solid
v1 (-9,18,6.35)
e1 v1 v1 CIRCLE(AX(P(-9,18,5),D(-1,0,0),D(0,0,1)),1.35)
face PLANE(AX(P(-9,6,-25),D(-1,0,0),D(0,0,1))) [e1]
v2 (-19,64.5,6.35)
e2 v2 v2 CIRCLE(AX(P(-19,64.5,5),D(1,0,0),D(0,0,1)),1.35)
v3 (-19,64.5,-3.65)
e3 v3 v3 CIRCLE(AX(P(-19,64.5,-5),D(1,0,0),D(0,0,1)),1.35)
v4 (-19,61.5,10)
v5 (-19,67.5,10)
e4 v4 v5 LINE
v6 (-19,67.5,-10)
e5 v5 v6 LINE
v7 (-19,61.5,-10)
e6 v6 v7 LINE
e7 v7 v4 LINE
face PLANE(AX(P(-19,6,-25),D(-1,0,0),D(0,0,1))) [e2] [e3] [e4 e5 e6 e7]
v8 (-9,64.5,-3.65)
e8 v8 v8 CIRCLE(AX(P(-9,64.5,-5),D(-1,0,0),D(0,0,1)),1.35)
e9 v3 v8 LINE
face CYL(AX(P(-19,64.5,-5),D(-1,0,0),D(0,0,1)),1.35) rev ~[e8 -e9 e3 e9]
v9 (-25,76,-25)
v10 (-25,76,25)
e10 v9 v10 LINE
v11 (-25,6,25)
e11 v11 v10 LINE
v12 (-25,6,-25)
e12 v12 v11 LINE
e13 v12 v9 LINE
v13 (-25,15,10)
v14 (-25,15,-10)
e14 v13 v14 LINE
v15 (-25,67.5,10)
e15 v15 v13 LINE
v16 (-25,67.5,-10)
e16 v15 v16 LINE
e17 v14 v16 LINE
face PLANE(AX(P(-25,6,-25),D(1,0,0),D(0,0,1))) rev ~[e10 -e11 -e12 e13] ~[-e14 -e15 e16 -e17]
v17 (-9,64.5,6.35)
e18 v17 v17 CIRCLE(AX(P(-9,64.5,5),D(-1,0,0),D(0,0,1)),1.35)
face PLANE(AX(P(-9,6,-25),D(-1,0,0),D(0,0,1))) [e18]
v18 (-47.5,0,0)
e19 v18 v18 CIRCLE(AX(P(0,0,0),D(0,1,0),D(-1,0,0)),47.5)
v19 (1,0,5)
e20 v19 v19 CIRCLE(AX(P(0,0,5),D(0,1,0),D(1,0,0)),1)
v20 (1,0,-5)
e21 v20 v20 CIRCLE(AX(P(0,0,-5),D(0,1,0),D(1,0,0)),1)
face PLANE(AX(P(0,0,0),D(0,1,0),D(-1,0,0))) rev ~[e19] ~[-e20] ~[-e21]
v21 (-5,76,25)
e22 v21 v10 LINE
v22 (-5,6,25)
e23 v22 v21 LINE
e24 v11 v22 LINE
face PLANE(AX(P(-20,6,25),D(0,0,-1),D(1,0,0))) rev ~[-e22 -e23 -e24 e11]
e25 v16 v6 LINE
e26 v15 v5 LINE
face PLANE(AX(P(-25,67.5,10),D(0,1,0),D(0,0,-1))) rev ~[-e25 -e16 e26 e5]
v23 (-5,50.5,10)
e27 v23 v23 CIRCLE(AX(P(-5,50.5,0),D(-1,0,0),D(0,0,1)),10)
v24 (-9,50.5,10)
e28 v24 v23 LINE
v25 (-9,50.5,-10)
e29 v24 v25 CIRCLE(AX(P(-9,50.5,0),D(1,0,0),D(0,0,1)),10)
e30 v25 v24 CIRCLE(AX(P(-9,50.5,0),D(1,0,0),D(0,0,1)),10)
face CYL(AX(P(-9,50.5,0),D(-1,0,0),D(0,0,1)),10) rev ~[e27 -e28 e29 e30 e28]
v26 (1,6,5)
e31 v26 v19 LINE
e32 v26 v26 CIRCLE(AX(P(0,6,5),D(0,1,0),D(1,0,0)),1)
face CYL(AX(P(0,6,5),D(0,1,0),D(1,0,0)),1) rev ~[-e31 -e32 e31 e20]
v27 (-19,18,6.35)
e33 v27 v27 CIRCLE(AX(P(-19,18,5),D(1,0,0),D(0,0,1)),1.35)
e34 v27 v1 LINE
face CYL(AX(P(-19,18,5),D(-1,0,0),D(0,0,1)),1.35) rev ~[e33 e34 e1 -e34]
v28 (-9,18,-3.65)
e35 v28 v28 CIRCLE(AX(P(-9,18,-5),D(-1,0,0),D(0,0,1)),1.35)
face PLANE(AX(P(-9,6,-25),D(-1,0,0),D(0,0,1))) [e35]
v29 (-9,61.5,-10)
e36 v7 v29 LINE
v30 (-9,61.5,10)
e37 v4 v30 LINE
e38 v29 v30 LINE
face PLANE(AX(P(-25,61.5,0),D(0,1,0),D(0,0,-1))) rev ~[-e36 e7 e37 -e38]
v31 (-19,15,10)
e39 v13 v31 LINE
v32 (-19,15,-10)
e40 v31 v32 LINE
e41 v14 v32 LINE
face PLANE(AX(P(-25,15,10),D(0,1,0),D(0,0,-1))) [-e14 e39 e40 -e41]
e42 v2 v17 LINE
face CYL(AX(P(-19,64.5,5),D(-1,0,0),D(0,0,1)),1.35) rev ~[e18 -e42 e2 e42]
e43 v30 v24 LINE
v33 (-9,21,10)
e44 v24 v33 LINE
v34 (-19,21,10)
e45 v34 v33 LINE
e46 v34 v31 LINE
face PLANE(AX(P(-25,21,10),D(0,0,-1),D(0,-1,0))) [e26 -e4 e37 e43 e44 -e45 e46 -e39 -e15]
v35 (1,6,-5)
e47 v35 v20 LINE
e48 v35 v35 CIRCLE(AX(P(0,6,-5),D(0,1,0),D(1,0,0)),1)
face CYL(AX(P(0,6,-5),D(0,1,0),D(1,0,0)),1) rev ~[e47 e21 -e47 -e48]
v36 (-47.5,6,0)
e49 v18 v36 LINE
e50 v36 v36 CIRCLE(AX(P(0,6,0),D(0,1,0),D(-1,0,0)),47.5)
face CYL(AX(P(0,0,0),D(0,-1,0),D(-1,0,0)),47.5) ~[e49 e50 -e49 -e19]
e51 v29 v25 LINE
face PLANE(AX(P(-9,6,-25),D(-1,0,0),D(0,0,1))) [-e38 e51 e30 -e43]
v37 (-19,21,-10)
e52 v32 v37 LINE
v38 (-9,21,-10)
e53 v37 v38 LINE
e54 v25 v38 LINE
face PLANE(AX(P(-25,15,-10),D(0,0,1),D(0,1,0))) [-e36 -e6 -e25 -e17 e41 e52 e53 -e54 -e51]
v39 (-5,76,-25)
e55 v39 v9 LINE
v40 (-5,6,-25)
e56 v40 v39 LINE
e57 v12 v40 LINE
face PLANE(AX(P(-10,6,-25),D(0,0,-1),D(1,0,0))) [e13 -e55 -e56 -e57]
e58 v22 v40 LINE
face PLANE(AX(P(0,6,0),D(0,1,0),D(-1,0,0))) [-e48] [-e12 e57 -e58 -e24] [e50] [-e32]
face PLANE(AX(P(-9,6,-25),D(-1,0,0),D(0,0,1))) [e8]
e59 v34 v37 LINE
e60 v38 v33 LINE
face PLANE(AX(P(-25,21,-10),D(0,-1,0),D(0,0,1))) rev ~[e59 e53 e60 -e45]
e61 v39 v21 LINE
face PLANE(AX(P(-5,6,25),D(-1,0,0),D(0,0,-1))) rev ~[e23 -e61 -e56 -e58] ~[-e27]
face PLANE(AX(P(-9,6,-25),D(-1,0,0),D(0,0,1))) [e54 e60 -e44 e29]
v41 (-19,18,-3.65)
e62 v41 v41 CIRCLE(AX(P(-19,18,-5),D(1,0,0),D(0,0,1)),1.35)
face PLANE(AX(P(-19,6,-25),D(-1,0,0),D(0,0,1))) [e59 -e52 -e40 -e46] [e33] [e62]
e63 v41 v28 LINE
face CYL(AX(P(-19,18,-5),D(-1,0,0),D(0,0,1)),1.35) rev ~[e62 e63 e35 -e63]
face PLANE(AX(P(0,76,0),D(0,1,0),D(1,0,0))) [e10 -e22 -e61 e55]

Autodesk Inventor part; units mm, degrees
ref_plane "YZ Plane" through (0, 0, 0) normal (1, 0, 0) x (0, 1, 0)
ref_plane "XZ Plane" through (0, 0, 0) normal (0, 1, 0) x (-1, 0, 0)
ref_plane "XY Plane" through (0, 0, 0) normal (0, 0, 1) x (1, 0, 0)
sketch "Sketch1" plane through (0, 0, 0) normal (0, 1, 0) x (-1, 0, 0)
  circle A0 centre (0, 0) radius 47.5
  dimension "d0" = 95
extrude "Extrusion1" add sketch "Sketch1" along normal blind 6
sketch "Sketch2" plane through (0, 6, 0) normal (0, 1, 0) x (1, 0, 0)
  circle A0 centre (0, 0) radius 10
  circle A1 centre (0, 5) radius 1
  circle A2 centre (0, -5) radius 1
  dimension "d3" = 20
  dimension "d4" = 2
  dimension "d5" = 2
extrude "Extrusion2" cut sketch "Sketch2" against normal blind 23.4625 contours A1 | A2
sketch "Sketch3" plane through (0, 0, 0) normal (0, -1, 0) x (1, 0, 0)
  circle A0 centre (0, 0) radius 10
sketch "Sketch4" plane through (0, 6, 0) normal (0, 1, 0) x (1, 0, 0)
  line L0 (0, 0) -> (-10, 0)
  line L1 (-10, 0) -> (-10, 25)
  line L2 (-10, 25) -> (0, 25)
  line L3 (0, 25) -> (0, 0)
  line L4 (0, 0) -> (-5, 0)
  line L5 (-5, 0) -> (-5, 25)
  line L6 (-5, 25) -> (0, 25)
  line L7 (0, 25) -> (0, 0)
  line L8 (-5, 25) -> (-20, 25)
  line L9 (-20, 25) -> (-20, -25)
  line L10 (-20, -25) -> (-5, -25)
  line L11 (-5, -25) -> (-5, 25)
  line L12 (-5, 25) -> (-25, 25)
  line L13 (-25, 25) -> (-25, -25)
  line L14 (-25, -25) -> (-5, -25)
  line L15 (-5, -25) -> (-5, 25)
  dimension "d9" = 10
  dimension "d10" = 25
  dimension "d11" = 15
  dimension "d12" = 50
  dimension "d13" = 20
extrude "Extrusion3" add sketch "Sketch4" along normal blind 70 contours L11 L10 L9 L8 L1 L0 | L0 L1 L2 L5 | L14 L13 L12 L9
sketch "Sketch5" plane through (-25, 6, -25) normal (-1, 0, 0) x (0, 0, 1)
  line L0 (0, 0) -> (0, 70) projected
  line L1 (50, 0) -> (50, 70) projected
  line L2 (0, 70) -> (50, 70)
  line L3 (50, 70) -> (50, 0)
  line L4 (50, 0) -> (0, 0)
  line L5 (0, 0) -> (0, 70)
  line L6 (50, 70) -> (0, 70) projected
  line L7 (72.5, 0) -> (-22.5, 0) projected
  line L8 (0, 70) -> (25, 70)
  line L9 (25, 70) -> (25, 0)
  line L10 (25, 0) -> (0, 0)
  line L11 (0, 0) -> (0, 70)
  line L12 (25, 35) -> (15, 35)
  line L13 (15, 35) -> (15, 15)
  line L14 (15, 15) -> (25, 15)
  line L15 (25, 15) -> (25, 35)
  line L16 (15, 35) -> (25, 35)
  line L17 (25, 35) -> (25, 55)
  line L18 (25, 55) -> (15, 55)
  line L19 (15, 55) -> (15, 35)
  line L20 (15, 15) -> (35, 15)
  line L21 (35, 15) -> (35, 55)
  line L22 (35, 55) -> (15, 55)
  line L23 (15, 55) -> (15, 15)
  line L24 (15, 15) -> (35, 15)
  line L25 (35, 15) -> (35, 55.5)
  line L26 (35, 55.5) -> (15, 55.5)
  line L27 (15, 55.5) -> (15, 15)
  point P0 (25, -6)
  dimension "d16" = 10
  dimension "d17" = 20
  dimension "d18" = 20
  dimension "d19" = 20
  dimension "d20" = 40.5
extrude "Extrusion4" cut sketch "Sketch5" against normal blind 16 contours L14 L13 L12 L9 | L9 L22 L21 L20 | L26 L25 L22 L9 | L9 L18 L27 L26 | L12 L19 L18 L9
sketch "Sketch6" plane through (-25, 6, -25) normal (-1, 0, 0) x (0, 0, 1)
  line L0 (35, 15) -> (15, 15) projected
  line L1 (15, 15) -> (35, 15)
  line L2 (35, 15) -> (35, 9)
  line L3 (35, 9) -> (15, 9)
  line L4 (15, 9) -> (15, 15)
  line L5 (15, 55.5) -> (35, 55.5) projected
  line L6 (15, 55.5) -> (35, 55.5)
  line L7 (35, 55.5) -> (35, 61.5)
  line L8 (35, 61.5) -> (15, 61.5)
  line L9 (15, 61.5) -> (15, 55.5)
  point P0 (25, -6)
  dimension "d23" = 6
  dimension "d24" = 6
extrude "Extrusion5" cut sketch "Sketch6" against normal blind 6
sketch "Sketch7" plane through (-19, 6, -25) normal (-1, 0, 0) x (0, 0, 1)
  line L0 (35, 9) -> (15, 9) projected
  line L1 (35, 61.5) -> (35, 9) projected
  line L2 (15, 9) -> (35, 9)
  line L3 (35, 9) -> (35, 11.6)
  line L4 (35, 11.6) -> (15, 11.6)
  line L5 (15, 11.6) -> (15, 9)
  line L6 (15, 55.5) -> (15, 61.5) projected
  line L7 (35, 61.5) -> (35, 55.5) projected
  line L8 (15, 61.5) -> (35, 61.5)
  line L9 (35, 61.5) -> (35, 58.5)
  line L10 (35, 58.5) -> (15, 58.5)
  line L11 (15, 58.5) -> (15, 61.5)
  line L12 (15, 9) -> (15, 61.5) projected
  line L13 (15, 9) -> (35, 9)
  line L14 (35, 9) -> (35, 12)
  line L15 (35, 12) -> (15, 12)
  line L16 (15, 12) -> (15, 9)
  line L17 (35, 15) -> (15, 15) projected
  line L18 (25, 15) -> (20, 15)
  line L19 (20, 15) -> (20, 12)
  line L20 (20, 12) -> (25, 12)
  line L21 (25, 12) -> (25, 15)
  line L22 (25, 15) -> (30, 15)
  line L23 (30, 15) -> (30, 12)
  line L24 (30, 12) -> (25, 12)
  line L25 (25, 12) -> (25, 15)
  line L26 (15, 61.5) -> (35, 61.5) projected
  line L27 (25, 58.5) -> (20, 58.5)
  line L28 (20, 58.5) -> (20, 61.5)
  line L29 (20, 61.5) -> (25, 61.5)
  line L30 (25, 61.5) -> (25, 58.5)
  line L31 (25, 58.5) -> (30, 58.5)
  line L32 (30, 58.5) -> (30, 61.5)
  line L33 (30, 61.5) -> (25, 61.5)
  line L34 (25, 61.5) -> (25, 58.5)
  circle A0 centre (20, 12) radius 1.35
  circle A1 centre (30, 12) radius 1.35
  circle A2 centre (20, 58.5) radius 1.35
  circle A3 centre (30, 58.5) radius 1.35
  point P0 (25, -6)
  dimension "d27" = 2.6
  dimension "d28" = 3
  dimension "d29" = 3
  dimension "d30" = 5
  dimension "d31" = 5
  dimension "d32" = 2.7
  dimension "d33" = 2.7
  dimension "d34" = 2.7
  dimension "d35" = 2.7
extrude "Extrusion6" cut sketch "Sketch7" against normal blind 10 contours A1 L4 | L4 A1 L15 | A0 L15 L4 | L4 A0 | L15 L23 A1 | A0 L19 L15 | L15 A1 L23 | L15 L19 A0 | A3 L10 | L10 L32 A3 | A2 L28 L10 | L10 A2 | L10 A3 L32 | L28 A2 L10
thread "Thread1" size "M3x0.5" class "6H" standard "ANSI Metric M Profile" full length
thread "Thread2" size "M3x0.5" class "6H" standard "ANSI Metric M Profile" full length
thread "Thread3" size "M3x0.5" class "6H" standard "ANSI Metric M Profile" full length
thread "Thread4" size "M3x0.5" class "6H" standard "ANSI Metric M Profile" full length
sketch "Sketch8" plane through (-9, 6, -25) normal (-1, 0, 0) x (0, 0, 1)
  line L0 (15, 9) -> (15, 61.5) projected
  line L1 (35, 55.5) -> (35, 15) projected
  line L2 (15, 61.5) -> (35, 61.5)
  line L3 (35, 61.5) -> (35, 44.5)
  line L4 (35, 44.5) -> (15, 44.5)
  line L5 (15, 44.5) -> (15, 61.5)
  circle A0 centre (25, 44.5) radius 10
  point P0 (25, -6)
  dimension "d46" = 17
  dimension "d47" = 20
extrude "Extrusion7" cut sketch "Sketch8" against normal blind 15.4 contours A0 L4 | L4 A0
properties part number "NBase top"
